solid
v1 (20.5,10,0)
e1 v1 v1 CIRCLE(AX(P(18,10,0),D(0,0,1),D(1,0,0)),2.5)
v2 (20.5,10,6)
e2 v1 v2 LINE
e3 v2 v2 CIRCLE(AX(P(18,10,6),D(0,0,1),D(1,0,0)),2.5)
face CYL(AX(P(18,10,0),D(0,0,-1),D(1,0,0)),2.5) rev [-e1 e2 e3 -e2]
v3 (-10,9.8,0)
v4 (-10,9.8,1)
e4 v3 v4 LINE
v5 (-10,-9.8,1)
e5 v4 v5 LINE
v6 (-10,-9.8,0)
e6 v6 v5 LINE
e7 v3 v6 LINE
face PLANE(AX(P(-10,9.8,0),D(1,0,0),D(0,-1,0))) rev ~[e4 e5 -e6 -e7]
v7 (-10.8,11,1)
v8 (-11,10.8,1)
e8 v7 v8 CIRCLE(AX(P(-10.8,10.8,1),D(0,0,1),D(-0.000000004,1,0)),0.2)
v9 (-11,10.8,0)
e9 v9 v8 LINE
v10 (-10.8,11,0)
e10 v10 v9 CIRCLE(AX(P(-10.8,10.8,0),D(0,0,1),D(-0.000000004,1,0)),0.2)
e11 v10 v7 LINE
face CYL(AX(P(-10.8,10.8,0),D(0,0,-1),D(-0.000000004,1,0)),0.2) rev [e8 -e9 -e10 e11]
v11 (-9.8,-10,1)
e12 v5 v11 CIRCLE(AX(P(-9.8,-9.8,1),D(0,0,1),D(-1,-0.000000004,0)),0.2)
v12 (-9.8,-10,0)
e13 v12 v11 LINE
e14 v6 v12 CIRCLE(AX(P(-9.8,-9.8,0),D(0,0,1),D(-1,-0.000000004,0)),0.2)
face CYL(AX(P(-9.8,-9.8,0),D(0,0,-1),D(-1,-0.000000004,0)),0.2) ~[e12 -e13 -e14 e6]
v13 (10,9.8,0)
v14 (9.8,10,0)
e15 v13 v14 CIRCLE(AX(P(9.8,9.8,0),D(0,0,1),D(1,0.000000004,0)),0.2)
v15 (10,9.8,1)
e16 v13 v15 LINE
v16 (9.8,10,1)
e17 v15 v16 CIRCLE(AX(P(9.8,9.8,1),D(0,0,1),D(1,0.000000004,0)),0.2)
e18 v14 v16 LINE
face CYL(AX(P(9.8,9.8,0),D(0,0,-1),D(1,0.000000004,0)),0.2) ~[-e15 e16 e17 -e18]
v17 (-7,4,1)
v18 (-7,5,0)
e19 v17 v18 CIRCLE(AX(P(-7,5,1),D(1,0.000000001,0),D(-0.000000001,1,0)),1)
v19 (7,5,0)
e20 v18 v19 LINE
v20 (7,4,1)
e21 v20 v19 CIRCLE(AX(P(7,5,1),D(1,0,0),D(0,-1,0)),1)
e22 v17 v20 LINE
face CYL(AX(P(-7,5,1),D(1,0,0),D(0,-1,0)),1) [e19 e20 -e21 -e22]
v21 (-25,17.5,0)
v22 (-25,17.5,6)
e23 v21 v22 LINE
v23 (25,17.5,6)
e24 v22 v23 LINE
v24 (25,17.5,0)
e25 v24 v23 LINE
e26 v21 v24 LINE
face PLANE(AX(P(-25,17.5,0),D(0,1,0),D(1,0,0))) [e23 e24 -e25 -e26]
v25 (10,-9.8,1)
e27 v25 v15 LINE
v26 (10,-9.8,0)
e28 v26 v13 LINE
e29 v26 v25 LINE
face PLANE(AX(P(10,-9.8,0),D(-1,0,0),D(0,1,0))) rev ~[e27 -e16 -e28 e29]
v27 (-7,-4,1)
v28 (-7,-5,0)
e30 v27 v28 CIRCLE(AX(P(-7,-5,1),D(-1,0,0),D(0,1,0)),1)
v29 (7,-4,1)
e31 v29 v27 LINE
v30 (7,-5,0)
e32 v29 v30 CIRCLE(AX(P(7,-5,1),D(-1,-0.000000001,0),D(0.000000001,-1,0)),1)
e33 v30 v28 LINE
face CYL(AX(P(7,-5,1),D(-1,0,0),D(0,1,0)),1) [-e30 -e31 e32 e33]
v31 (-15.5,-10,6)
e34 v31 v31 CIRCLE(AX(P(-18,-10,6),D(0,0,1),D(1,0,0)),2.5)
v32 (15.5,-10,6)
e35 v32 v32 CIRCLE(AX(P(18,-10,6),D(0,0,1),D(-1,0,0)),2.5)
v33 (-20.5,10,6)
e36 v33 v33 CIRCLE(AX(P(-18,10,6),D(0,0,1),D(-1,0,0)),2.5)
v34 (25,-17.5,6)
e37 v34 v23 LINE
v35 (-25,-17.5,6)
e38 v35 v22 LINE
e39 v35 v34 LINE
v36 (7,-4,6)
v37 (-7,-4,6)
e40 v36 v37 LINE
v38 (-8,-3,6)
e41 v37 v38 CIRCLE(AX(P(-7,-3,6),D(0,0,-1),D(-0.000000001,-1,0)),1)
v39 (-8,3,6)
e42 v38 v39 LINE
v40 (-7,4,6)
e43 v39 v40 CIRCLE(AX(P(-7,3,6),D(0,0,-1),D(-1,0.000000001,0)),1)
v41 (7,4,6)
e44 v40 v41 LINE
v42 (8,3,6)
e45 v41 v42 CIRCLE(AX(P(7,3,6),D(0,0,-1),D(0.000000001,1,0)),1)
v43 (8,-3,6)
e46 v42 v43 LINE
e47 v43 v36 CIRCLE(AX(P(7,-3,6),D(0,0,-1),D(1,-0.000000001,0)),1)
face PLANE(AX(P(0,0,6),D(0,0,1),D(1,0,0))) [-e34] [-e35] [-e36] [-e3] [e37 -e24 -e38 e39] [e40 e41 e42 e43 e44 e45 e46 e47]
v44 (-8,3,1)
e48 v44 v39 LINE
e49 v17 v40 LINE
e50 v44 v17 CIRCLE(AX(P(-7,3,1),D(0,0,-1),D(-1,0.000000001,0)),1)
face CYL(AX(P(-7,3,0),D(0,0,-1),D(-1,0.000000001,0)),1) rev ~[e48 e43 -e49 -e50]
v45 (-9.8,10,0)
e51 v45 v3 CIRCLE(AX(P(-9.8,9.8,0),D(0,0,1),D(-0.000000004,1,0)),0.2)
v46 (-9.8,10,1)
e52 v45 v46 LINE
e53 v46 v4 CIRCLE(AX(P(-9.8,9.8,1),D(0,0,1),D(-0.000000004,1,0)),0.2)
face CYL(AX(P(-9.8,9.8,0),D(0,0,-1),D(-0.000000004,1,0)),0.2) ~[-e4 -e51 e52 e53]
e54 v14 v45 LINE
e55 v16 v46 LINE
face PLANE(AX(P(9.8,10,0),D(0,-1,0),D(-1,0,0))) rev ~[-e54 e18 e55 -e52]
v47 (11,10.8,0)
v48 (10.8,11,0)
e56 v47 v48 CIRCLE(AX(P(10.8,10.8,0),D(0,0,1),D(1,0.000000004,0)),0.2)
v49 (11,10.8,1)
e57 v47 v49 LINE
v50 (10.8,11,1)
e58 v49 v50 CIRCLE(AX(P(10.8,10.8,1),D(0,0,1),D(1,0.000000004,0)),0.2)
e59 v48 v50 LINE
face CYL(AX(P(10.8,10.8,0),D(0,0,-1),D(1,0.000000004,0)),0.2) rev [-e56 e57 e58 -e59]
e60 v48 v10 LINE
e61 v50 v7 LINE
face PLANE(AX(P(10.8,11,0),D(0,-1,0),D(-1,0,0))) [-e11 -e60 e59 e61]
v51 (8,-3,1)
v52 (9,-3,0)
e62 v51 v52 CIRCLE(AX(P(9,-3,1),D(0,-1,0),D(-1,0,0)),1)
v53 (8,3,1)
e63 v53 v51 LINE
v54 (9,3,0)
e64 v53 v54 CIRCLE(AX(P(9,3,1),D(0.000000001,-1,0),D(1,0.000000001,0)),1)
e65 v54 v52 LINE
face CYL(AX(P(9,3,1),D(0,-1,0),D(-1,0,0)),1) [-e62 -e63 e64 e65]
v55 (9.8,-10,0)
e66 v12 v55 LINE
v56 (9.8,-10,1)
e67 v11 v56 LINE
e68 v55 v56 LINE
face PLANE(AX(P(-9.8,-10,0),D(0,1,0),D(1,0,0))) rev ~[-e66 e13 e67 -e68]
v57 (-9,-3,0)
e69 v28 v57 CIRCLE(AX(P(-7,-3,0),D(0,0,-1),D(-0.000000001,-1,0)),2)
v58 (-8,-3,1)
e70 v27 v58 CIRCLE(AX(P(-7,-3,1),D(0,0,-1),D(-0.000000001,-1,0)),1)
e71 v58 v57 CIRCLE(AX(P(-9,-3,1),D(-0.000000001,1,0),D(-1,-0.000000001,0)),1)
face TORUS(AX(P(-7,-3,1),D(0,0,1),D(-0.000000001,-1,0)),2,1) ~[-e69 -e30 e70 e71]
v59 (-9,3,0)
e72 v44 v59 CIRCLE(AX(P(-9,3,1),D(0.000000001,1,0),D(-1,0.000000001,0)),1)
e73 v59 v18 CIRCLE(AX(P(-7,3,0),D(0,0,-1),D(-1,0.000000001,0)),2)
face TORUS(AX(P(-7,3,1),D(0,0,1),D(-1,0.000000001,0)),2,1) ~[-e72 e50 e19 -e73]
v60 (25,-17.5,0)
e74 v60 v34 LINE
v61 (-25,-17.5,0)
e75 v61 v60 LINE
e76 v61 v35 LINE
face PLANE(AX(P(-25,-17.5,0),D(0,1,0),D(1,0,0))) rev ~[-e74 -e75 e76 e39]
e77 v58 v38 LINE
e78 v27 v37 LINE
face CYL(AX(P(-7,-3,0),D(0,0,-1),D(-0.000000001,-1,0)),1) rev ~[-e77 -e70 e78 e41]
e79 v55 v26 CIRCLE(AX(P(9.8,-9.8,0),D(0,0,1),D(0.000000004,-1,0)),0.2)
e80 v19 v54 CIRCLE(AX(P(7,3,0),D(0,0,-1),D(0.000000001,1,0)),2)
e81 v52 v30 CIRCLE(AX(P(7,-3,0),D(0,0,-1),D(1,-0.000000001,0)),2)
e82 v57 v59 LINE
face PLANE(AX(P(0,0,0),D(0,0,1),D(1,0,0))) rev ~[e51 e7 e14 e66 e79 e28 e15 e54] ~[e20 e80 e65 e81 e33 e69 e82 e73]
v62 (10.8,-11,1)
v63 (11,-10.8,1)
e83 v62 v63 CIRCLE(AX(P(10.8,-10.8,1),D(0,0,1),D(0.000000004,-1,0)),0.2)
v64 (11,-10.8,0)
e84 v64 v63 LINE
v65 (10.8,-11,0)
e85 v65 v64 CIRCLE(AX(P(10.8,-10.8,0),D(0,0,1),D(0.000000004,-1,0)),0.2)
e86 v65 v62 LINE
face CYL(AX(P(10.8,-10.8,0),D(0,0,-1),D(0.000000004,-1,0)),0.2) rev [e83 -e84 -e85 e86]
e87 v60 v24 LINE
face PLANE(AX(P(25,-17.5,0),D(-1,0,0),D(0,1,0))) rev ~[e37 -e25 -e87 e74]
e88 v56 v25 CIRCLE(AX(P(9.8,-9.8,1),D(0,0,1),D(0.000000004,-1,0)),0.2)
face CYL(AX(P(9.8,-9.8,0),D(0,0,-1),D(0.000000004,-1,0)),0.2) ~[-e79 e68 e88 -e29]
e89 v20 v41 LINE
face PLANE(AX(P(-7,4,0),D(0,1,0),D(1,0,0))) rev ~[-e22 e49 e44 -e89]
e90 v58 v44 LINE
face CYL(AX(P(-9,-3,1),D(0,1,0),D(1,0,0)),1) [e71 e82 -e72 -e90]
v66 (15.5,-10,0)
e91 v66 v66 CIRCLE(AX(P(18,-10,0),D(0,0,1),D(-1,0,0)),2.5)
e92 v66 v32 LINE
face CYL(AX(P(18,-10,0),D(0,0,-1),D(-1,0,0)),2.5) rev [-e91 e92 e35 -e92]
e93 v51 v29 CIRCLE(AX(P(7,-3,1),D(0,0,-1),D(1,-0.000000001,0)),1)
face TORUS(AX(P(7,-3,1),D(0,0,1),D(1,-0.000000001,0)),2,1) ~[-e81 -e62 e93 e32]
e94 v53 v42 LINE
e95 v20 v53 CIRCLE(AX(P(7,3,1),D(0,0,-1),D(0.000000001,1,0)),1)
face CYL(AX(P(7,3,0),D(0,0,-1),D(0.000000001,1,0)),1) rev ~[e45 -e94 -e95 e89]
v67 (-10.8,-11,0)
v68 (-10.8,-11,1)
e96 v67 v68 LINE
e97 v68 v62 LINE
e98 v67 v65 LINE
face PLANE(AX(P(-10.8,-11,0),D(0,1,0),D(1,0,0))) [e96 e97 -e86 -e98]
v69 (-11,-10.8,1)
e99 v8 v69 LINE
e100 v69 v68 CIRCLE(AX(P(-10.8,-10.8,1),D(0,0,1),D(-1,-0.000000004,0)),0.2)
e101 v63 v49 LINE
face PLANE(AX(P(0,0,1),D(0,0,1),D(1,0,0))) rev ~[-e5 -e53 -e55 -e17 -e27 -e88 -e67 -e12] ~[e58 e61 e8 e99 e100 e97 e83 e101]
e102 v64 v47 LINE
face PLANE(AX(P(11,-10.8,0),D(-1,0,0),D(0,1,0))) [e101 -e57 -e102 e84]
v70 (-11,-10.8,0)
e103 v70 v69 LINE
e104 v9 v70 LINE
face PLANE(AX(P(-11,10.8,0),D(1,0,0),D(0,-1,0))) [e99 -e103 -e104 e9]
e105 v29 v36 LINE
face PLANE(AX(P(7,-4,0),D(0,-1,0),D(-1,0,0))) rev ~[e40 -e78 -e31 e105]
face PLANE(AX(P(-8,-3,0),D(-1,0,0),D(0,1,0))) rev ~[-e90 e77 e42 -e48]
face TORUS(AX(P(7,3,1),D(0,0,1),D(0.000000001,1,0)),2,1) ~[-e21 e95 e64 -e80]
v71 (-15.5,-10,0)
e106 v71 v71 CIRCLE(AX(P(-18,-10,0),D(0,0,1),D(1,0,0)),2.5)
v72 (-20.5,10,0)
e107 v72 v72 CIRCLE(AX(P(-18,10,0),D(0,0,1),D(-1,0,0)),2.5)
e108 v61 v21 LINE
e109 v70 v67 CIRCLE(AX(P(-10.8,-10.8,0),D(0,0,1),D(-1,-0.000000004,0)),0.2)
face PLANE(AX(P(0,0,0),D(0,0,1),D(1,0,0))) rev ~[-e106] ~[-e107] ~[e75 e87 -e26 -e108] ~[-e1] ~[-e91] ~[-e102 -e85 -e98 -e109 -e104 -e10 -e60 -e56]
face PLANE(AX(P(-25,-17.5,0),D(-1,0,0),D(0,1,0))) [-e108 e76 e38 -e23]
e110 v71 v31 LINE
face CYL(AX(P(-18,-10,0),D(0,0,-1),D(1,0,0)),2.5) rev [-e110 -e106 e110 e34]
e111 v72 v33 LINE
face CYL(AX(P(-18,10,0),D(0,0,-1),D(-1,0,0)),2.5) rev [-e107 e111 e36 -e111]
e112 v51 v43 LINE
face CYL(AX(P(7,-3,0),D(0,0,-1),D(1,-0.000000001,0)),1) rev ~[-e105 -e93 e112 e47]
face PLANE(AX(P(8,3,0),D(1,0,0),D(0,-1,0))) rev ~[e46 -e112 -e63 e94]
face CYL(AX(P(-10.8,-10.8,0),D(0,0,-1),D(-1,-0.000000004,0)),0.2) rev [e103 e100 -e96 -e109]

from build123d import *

# Parameters (mm, degrees)
SKETCH1_W           = 50
SKETCH1_H           = 35
SKETCH1_R           = 2.5
BOSS_EXTRUDE1_DEPTH = 6
CUT_EXTRUDE1_DEPTH  = 1
FILLET3_R           = 1


with BuildPart() as part:
    # Sketch1 → Boss-Extrude1 (new body)
    with BuildSketch(Plane.XY):
        Rectangle(SKETCH1_W, SKETCH1_H)
        with Locations((18, 10)):
            Circle(SKETCH1_R, mode=Mode.SUBTRACT)
        with Locations(Location((18, -10, 0), (0, 0, 180))):
            Circle(SKETCH1_R, mode=Mode.SUBTRACT)
        with Locations(Location((-18, 10, 0), (0, 0, 180))):
            Circle(SKETCH1_R, mode=Mode.SUBTRACT)
        with Locations((-18, -10)):
            Circle(SKETCH1_R, mode=Mode.SUBTRACT)
        with BuildLine():
            Line((-7, 4), (7, 4))
            ThreePointArc((7, 4), (7.707106781, 3.707106781), (8, 3))
            Line((8, 3), (8, -3))
            ThreePointArc((8, -3), (7.707106781, -3.707106781), (7, -4))
            Line((7, -4), (-7, -4))
            ThreePointArc((-7, -4), (-7.707106781, -3.707106781), (-8, -3))
            Line((-8, -3), (-8, 3))
            ThreePointArc((-8, 3), (-7.707106781, 3.707106781), (-7, 4))
        make_face(mode=Mode.SUBTRACT)
    extrude(amount=BOSS_EXTRUDE1_DEPTH)

    # Sketch2 → Cut-Extrude1 (cut)
    with BuildSketch(Plane.XY):
        with BuildLine():
            Line((-10.8, -11), (10.8, -11))
            ThreePointArc((10.8, -11), (10.941421356, -10.941421356), (11, -10.8))
            Line((11, -10.8), (11, 10.8))
            ThreePointArc((11, 10.8), (10.941421356, 10.941421356), (10.8, 11))
            Line((10.8, 11), (-10.8, 11))
            ThreePointArc((-10.8, 11), (-10.941421356, 10.941421356), (-11, 10.8))
            Line((-11, 10.8), (-11, -10.8))
            ThreePointArc((-11, -10.8), (-10.941421356, -10.941421356), (-10.8, -11))
        make_face()
        with BuildLine():
            Line((-9.8, -10), (9.8, -10))
            ThreePointArc((9.8, -10), (9.941421356, -9.941421356), (10, -9.8))
            Line((10, -9.8), (10, 9.8))
            ThreePointArc((10, 9.8), (9.941421356, 9.941421356), (9.8, 10))
            Line((9.8, 10), (-9.8, 10))
            ThreePointArc((-9.8, 10), (-9.941421356, 9.941421356), (-10, 9.8))
            Line((-10, 9.8), (-10, -9.8))
            ThreePointArc((-10, -9.8), (-9.941421356, -9.941421356), (-9.8, -10))
        make_face(mode=Mode.SUBTRACT)
    extrude(amount=CUT_EXTRUDE1_DEPTH, mode=Mode.SUBTRACT)

    # Fillet3
    fillet3_edges = [part.edges().sort_by_distance(p)[0] for p in [
        (-7.707106781, 3.707106781, 0),
        (-8, 0, 0),
        (-7.707106781, -3.707106781, 0),
        (0, -4, 0),
        (7.707106781, -3.707106781, 0),
        (8, 0, 0),
        (0, 4, 0),
        (7.707106781, 3.707106781, 0),
    ]]
    fillet(fillet3_edges, radius=FILLET3_R)


solid = part.part
